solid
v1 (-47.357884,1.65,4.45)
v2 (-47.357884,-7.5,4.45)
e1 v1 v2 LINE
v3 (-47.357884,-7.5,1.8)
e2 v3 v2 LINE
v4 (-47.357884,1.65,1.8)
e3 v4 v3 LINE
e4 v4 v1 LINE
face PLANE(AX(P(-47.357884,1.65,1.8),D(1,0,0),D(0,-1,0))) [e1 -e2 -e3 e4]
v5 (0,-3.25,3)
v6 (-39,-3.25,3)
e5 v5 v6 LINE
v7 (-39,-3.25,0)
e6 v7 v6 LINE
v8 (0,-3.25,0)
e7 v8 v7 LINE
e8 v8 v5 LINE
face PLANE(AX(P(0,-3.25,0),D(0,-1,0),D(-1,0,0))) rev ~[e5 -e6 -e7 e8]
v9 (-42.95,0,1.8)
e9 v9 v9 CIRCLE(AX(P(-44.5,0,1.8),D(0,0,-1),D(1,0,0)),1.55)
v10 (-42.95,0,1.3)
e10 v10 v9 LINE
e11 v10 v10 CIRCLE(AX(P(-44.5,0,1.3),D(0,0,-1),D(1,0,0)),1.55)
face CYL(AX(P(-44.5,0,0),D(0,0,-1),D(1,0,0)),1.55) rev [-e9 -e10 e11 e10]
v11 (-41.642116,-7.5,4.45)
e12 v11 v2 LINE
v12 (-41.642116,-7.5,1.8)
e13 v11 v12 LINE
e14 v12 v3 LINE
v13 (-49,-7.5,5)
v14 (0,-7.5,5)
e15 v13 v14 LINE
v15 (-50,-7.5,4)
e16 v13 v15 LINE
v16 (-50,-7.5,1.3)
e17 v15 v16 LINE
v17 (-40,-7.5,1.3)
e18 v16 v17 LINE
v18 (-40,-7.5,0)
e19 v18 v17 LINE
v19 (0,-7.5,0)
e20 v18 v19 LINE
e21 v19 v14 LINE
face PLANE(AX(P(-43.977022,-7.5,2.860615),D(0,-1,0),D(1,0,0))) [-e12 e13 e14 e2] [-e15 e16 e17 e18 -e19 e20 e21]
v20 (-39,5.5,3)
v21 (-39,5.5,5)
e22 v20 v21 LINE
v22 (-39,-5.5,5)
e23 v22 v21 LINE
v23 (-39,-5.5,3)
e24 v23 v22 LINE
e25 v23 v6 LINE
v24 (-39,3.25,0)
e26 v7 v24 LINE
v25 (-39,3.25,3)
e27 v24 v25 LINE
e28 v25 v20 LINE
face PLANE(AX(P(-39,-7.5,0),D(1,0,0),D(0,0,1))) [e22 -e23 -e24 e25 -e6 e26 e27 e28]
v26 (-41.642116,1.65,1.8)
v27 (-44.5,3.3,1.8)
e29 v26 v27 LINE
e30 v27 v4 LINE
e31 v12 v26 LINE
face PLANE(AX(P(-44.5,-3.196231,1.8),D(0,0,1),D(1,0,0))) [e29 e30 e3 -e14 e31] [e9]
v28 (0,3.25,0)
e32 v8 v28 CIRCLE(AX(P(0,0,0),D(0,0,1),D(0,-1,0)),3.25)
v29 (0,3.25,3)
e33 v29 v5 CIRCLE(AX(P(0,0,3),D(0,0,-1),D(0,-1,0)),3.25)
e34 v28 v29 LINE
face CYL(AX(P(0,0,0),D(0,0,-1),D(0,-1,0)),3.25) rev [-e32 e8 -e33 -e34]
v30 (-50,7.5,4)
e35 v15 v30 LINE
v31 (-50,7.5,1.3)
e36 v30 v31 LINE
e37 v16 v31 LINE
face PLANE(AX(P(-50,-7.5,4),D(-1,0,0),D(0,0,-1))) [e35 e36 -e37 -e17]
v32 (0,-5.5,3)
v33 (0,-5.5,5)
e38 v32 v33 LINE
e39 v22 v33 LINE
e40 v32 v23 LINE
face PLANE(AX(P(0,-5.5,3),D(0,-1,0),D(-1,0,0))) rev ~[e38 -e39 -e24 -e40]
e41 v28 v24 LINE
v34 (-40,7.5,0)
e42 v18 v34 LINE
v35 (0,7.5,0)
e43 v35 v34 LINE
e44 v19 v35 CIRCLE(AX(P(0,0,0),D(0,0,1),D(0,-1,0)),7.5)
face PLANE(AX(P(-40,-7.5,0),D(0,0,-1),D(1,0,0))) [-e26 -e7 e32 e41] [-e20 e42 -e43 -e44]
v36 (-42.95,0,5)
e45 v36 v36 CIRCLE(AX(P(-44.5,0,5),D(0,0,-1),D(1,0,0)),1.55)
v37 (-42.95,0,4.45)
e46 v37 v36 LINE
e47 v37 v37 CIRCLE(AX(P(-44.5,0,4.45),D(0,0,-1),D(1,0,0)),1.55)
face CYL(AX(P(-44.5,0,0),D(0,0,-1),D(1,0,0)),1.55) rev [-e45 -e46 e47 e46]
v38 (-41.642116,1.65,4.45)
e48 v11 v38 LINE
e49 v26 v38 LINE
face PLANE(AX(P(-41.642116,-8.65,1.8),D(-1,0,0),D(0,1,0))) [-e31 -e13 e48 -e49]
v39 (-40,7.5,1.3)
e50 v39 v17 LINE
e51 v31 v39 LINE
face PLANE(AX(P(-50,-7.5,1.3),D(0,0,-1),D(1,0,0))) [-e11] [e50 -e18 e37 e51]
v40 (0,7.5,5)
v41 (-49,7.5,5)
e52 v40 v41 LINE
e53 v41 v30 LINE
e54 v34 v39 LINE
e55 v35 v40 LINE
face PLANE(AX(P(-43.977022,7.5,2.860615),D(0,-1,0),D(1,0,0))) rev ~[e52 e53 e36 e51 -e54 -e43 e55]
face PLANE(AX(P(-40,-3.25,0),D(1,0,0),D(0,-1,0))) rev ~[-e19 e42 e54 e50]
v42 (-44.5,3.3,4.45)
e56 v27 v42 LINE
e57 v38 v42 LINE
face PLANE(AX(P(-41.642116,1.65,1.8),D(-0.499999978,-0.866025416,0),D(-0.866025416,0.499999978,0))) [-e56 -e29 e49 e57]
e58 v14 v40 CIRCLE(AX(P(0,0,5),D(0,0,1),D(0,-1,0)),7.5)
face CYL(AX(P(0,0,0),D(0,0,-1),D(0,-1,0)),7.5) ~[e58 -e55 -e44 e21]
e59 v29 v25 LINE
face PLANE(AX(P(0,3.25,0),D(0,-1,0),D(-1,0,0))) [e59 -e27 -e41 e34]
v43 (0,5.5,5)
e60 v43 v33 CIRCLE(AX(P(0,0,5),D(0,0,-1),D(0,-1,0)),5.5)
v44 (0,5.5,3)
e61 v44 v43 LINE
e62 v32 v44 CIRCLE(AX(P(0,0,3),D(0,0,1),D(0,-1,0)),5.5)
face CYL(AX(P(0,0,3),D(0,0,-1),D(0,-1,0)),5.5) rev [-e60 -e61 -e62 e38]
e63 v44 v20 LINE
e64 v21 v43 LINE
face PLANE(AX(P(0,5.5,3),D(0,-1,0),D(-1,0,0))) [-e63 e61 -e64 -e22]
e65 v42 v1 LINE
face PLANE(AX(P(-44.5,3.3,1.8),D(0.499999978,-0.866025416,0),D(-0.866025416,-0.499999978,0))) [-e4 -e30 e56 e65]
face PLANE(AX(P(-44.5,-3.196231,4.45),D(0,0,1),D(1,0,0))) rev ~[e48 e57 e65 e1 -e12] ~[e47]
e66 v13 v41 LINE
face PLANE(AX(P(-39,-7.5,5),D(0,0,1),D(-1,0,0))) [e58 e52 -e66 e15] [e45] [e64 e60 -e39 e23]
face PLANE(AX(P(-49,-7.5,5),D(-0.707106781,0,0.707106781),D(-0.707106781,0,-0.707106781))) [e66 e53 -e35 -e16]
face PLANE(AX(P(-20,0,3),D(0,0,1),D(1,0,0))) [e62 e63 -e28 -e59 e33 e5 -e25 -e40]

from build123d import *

# Parameters (mm, degrees)
PAD004_DEPTH    = 5
POCKET004_DEPTH = 2.001
PAD005_DEPTH    = 15
SKETCH015_R     = 1.55
POCKET005_DEPTH = 5.001
POCKET006_DEPTH = 2.65


with BuildPart() as part:
    # Sketch013 → Pad004 (new body)
    with BuildSketch(Plane.XY):
        with BuildLine():
            ThreePointArc((0, -7.5), (7.5, 0), (0, 7.5))
            Line((0, 7.5), (-40, 7.5))
            Line((-40, 7.5), (-40, 3.25))
            Line((0, 3.25), (-40, 3.25))
            ThreePointArc((0, -3.25), (3.25, 0), (0, 3.25))
            Line((0, -3.25), (-40, -3.25))
            Line((-40, -3.25), (-40, -7.5))
            Line((0, -7.5), (-40, -7.5))
        make_face()
    extrude(amount=PAD004_DEPTH)

    # Sketch012 → Pocket004 (cut, through all)
    with BuildSketch(Plane.XY.offset(3)):
        with BuildLine():
            ThreePointArc((0, -5.5), (5.5, 0), (0, 5.5))
            Line((0, 5.5), (-40, 5.5))
            ThreePointArc((-40, 5.5), (-45.5, 0), (-40, -5.5))
            Line((0, -5.5), (-40, -5.5))
        make_face()
    extrude(amount=POCKET004_DEPTH, mode=Mode.SUBTRACT)

    # Sketch014 → Pad005 (join)
    with BuildSketch(Plane.XZ.offset(7.5)):
        Polygon((-49, 5), (-50, 4), (-50, 1.3), (-40, 1.3), (-40, 0), (-39, 0), (-39, 5), (-40, 5), align=None)
    extrude(amount=-PAD005_DEPTH)

    # Sketch015 → Pocket005 (cut, through all)
    with BuildSketch(Plane.XY):
        with Locations((-44.5, 0)):
            Circle(SKETCH015_R)
    extrude(amount=POCKET005_DEPTH, mode=Mode.SUBTRACT)

    # Sketch016 → Pocket006 (cut)
    with BuildSketch(Plane.XY.offset(1.8)):
        Polygon((-44.5, 3.3), (-47.357884, 1.65), (-47.357884, -1.65), (-47.357884, -8.65), (-41.642116, -8.65), (-41.642116, -1.65), (-41.642116, 1.65), align=None)
    extrude(amount=POCKET006_DEPTH, mode=Mode.SUBTRACT)


solid = part.part
